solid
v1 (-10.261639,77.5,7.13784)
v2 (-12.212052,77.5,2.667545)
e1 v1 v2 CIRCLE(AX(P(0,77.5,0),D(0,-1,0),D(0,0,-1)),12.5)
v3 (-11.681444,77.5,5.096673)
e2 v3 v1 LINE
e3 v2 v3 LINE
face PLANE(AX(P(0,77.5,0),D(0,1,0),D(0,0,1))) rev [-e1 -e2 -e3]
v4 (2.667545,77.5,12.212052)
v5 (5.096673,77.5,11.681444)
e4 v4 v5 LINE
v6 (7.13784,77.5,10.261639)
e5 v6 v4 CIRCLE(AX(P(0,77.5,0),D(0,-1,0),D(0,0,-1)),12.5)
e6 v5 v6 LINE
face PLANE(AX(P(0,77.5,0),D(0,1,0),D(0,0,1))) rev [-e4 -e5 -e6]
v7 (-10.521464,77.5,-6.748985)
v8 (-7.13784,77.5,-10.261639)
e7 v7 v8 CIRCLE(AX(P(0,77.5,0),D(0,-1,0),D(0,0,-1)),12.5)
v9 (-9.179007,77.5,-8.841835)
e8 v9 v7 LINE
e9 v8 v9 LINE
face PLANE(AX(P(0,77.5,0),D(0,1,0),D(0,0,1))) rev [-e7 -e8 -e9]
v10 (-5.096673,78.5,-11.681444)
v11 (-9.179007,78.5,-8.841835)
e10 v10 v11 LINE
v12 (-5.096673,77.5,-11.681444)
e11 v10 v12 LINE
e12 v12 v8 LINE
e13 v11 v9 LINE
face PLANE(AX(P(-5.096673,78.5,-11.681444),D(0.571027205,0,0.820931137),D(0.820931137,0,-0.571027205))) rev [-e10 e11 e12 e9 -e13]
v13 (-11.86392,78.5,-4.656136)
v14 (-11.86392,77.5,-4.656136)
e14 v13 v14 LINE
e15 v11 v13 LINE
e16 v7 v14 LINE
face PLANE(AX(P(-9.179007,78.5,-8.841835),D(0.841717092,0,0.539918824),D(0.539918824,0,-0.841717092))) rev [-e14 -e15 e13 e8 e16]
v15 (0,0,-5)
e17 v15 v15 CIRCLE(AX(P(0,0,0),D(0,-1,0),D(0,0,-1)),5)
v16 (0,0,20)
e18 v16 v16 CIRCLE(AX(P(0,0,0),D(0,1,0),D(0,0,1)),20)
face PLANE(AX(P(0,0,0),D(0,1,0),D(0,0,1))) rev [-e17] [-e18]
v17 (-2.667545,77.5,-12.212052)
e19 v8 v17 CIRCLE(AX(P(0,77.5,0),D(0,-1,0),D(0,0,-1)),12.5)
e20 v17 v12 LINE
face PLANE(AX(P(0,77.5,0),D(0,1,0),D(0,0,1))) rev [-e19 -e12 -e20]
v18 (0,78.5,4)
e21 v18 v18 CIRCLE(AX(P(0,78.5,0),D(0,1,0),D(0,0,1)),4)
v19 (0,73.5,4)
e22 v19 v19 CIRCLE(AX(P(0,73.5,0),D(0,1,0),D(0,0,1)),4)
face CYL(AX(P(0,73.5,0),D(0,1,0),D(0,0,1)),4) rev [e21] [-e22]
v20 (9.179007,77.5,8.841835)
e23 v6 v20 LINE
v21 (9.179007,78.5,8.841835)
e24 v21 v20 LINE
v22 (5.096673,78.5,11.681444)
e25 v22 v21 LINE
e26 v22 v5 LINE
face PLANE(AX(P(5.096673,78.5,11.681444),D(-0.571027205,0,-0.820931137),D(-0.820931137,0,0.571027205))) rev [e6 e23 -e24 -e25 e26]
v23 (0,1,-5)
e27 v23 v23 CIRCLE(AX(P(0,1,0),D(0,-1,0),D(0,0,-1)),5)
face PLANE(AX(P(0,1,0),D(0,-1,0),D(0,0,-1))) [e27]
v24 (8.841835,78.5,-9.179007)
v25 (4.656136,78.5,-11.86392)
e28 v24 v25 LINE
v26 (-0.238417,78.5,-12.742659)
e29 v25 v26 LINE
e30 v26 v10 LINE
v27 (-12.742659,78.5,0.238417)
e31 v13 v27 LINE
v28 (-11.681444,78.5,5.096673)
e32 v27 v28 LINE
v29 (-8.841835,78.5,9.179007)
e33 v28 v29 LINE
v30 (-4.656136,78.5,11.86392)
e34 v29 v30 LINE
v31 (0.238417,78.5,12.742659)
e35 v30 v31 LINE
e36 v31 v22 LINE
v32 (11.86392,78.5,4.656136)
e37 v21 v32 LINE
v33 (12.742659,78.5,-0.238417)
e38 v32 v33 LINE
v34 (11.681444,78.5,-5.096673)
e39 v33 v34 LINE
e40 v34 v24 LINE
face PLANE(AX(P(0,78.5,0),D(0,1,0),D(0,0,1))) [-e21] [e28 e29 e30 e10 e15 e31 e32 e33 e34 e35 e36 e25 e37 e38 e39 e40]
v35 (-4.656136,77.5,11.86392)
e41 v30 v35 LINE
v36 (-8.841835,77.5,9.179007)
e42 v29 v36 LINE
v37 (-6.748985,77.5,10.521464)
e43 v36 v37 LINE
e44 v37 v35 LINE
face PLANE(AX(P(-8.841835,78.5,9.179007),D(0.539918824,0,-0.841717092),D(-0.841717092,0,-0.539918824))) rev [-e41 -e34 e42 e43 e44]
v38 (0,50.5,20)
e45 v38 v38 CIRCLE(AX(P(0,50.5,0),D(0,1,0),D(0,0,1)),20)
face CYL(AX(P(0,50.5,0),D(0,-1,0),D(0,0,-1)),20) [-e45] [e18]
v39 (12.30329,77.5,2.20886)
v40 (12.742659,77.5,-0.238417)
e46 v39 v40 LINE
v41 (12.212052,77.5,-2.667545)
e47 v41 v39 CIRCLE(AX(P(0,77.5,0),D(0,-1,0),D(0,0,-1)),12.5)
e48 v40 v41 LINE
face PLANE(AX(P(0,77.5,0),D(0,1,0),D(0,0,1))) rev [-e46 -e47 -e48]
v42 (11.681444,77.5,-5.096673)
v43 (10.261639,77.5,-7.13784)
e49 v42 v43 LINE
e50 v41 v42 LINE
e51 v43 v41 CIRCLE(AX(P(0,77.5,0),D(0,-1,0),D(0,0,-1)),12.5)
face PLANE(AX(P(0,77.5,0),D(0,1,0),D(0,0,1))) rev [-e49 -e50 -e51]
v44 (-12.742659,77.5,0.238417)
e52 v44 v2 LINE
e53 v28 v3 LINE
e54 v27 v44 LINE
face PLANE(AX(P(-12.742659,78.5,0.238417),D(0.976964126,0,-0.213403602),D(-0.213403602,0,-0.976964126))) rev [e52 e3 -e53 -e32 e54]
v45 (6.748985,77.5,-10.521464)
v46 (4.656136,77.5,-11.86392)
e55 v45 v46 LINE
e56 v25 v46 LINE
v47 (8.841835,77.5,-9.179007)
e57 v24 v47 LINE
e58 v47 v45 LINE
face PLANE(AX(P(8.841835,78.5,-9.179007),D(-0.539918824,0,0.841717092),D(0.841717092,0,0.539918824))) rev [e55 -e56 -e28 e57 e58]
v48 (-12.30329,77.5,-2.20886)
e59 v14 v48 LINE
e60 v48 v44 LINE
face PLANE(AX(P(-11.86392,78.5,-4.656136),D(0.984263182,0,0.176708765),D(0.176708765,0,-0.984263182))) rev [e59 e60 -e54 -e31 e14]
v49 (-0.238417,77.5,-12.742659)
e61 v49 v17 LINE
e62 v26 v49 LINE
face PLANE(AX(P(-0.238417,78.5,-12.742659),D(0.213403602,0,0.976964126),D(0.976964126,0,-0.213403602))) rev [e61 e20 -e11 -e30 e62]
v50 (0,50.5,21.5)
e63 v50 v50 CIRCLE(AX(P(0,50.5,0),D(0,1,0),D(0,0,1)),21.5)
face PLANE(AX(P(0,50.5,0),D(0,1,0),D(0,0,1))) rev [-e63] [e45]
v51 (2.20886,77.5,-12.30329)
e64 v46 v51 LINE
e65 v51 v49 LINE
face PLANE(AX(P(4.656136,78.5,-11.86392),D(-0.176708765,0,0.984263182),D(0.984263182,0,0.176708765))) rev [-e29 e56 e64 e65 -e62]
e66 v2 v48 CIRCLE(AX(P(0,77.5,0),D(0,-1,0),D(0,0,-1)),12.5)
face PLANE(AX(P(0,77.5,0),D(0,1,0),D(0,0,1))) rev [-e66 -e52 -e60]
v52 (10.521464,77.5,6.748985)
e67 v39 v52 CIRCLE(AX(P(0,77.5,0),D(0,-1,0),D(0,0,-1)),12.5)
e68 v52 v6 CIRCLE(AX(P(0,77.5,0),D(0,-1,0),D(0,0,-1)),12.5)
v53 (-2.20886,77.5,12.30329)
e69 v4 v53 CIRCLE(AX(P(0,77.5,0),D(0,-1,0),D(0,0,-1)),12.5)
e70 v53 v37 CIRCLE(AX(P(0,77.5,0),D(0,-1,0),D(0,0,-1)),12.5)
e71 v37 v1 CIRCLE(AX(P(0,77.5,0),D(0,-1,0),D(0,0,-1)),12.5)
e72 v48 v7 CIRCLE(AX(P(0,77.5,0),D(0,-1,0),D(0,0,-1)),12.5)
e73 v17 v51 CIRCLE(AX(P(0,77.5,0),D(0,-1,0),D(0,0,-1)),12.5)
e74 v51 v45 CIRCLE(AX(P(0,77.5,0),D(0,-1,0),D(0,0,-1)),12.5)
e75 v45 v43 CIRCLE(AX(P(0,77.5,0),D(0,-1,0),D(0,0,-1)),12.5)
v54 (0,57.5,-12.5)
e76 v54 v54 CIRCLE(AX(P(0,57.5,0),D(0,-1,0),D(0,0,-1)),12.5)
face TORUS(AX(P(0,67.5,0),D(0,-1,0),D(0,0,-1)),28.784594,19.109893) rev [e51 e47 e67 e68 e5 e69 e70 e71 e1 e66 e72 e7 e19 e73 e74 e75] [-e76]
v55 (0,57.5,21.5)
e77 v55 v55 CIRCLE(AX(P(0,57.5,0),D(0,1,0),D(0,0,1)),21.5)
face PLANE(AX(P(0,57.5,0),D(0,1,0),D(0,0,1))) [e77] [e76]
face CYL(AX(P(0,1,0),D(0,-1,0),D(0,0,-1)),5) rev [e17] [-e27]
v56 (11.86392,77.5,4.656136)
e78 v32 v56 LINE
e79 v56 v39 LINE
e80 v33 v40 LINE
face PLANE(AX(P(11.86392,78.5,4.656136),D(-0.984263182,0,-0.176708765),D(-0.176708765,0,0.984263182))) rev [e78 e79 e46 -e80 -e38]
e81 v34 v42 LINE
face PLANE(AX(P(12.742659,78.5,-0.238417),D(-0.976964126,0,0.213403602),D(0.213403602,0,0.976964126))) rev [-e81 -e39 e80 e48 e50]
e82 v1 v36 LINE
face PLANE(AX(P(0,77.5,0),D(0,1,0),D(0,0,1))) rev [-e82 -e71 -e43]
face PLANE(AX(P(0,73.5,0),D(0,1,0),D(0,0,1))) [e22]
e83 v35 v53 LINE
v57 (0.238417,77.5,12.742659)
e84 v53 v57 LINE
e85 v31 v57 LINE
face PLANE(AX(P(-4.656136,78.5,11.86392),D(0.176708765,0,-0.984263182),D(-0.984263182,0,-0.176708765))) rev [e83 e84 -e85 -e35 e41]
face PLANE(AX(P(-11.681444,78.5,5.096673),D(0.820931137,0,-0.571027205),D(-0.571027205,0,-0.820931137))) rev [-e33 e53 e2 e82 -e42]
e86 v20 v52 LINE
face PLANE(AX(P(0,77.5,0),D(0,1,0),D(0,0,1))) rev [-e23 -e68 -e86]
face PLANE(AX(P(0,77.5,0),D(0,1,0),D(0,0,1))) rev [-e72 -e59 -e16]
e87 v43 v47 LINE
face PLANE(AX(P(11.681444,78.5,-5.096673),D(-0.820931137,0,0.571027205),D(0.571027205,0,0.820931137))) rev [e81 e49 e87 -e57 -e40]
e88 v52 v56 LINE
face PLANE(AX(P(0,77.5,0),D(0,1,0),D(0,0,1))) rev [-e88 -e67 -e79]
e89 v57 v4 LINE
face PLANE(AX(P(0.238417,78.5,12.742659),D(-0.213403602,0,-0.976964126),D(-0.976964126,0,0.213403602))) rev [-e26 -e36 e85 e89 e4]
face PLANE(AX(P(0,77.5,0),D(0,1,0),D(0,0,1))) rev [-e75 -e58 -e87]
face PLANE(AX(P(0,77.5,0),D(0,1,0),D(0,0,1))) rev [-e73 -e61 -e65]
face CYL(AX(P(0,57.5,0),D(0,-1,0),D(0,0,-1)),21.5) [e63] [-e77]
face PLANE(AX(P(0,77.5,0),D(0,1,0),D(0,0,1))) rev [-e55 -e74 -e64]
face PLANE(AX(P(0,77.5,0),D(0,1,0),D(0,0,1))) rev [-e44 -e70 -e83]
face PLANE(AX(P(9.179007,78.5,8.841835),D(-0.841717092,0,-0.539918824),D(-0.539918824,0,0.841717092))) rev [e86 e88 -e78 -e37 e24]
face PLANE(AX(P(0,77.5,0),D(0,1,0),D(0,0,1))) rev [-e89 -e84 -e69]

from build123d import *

# Parameters (mm, degrees)
SKETCH1_R           = 20
BOSS_EXTRUDE1_DEPTH = 50.5
SKETCH2_R           = 21.5
BOSS_EXTRUDE2_DEPTH = 7
BOSS_EXTRUDE3_DEPTH = 1
SKETCH5_R           = 5
CUT_EXTRUDE1_DEPTH  = 1
SKETCH6_R           = 4
CUT_EXTRUDE2_DEPTH  = 5


with BuildPart() as part:
    # Sketch1 → Boss-Extrude1 (new body)
    with BuildSketch(Plane(origin=(0, 0, 0), x_dir=(1, 0, 0), z_dir=(0, 1, 0))):
        with Locations(Location((0, 0, 0), (0, 0, 270))):
            Circle(SKETCH1_R)
    extrude(amount=BOSS_EXTRUDE1_DEPTH)

    # Sketch2 → Boss-Extrude2 (add)
    with BuildSketch(Plane(origin=(0, 50.5, 0), x_dir=(1, 0, 0), z_dir=(0, 1, 0))):
        with Locations(Location((0, 0, 0), (0, 0, 270))):
            Circle(SKETCH2_R)
    extrude(amount=BOSS_EXTRUDE2_DEPTH)

    # Sketch3 → Revolve1 (revolve)
    with BuildSketch(Plane.XY, mode=Mode.PRIVATE) as revolve1_sk:
        with BuildLine():
            Line((0, 77.5), (12.5, 77.5))
            ThreePointArc((12.5, 77.5), (9.674701278, 67.5), (12.5, 57.5))
            Line((12.5, 57.5), (0, 57.5))
            Line((0, 57.5), (0, 77.5))
        make_face()
    revolve(revolve1_sk.sketch.rotate(Axis((0, 57.5, 0), (0, 1, 0)), 90), axis=Axis((0, 57.5, 0), (0, 1, 0)))

    # Sketch4 → Boss-Extrude3 (add)
    with BuildSketch(Plane(origin=(0, 77.5, 0), x_dir=(1, 0, 0), z_dir=(0, 1, 0))):
        Polygon((8.841834545, 9.179007009), (4.656136058, 11.863920297), (-0.238416936, 12.742659266), (-5.096673112, 11.681443874), (-9.179007009, 8.841834545), (-11.863920297, 4.656136058), (-12.742659266, -0.238416936), (-11.681443874, -5.096673112), (-8.841834545, -9.179007009), (-4.656136058, -11.863920297), (0.238416936, -12.742659266), (5.096673112, -11.681443874), (9.179007009, -8.841834545), (11.863920297, -4.656136058), (12.742659266, 0.238416936), (11.681443874, 5.096673112), align=None)
    extrude(amount=BOSS_EXTRUDE3_DEPTH)

    # Sketch5 → Cut-Extrude1 (cut)
    with BuildSketch(Plane.XZ):
        with Locations(Location((0, 0, 0), (0, 0, 270))):
            Circle(SKETCH5_R)
    extrude(amount=-CUT_EXTRUDE1_DEPTH, mode=Mode.SUBTRACT)

    # Sketch6 → Cut-Extrude2 (cut)
    with BuildSketch(Plane(origin=(0, 78.5, 0), x_dir=(1, 0, 0), z_dir=(0, 1, 0))):
        with Locations(Location((0, 0, 0), (0, 0, 270))):
            Circle(SKETCH6_R)
    extrude(amount=-CUT_EXTRUDE2_DEPTH, mode=Mode.SUBTRACT)


solid = part.part
